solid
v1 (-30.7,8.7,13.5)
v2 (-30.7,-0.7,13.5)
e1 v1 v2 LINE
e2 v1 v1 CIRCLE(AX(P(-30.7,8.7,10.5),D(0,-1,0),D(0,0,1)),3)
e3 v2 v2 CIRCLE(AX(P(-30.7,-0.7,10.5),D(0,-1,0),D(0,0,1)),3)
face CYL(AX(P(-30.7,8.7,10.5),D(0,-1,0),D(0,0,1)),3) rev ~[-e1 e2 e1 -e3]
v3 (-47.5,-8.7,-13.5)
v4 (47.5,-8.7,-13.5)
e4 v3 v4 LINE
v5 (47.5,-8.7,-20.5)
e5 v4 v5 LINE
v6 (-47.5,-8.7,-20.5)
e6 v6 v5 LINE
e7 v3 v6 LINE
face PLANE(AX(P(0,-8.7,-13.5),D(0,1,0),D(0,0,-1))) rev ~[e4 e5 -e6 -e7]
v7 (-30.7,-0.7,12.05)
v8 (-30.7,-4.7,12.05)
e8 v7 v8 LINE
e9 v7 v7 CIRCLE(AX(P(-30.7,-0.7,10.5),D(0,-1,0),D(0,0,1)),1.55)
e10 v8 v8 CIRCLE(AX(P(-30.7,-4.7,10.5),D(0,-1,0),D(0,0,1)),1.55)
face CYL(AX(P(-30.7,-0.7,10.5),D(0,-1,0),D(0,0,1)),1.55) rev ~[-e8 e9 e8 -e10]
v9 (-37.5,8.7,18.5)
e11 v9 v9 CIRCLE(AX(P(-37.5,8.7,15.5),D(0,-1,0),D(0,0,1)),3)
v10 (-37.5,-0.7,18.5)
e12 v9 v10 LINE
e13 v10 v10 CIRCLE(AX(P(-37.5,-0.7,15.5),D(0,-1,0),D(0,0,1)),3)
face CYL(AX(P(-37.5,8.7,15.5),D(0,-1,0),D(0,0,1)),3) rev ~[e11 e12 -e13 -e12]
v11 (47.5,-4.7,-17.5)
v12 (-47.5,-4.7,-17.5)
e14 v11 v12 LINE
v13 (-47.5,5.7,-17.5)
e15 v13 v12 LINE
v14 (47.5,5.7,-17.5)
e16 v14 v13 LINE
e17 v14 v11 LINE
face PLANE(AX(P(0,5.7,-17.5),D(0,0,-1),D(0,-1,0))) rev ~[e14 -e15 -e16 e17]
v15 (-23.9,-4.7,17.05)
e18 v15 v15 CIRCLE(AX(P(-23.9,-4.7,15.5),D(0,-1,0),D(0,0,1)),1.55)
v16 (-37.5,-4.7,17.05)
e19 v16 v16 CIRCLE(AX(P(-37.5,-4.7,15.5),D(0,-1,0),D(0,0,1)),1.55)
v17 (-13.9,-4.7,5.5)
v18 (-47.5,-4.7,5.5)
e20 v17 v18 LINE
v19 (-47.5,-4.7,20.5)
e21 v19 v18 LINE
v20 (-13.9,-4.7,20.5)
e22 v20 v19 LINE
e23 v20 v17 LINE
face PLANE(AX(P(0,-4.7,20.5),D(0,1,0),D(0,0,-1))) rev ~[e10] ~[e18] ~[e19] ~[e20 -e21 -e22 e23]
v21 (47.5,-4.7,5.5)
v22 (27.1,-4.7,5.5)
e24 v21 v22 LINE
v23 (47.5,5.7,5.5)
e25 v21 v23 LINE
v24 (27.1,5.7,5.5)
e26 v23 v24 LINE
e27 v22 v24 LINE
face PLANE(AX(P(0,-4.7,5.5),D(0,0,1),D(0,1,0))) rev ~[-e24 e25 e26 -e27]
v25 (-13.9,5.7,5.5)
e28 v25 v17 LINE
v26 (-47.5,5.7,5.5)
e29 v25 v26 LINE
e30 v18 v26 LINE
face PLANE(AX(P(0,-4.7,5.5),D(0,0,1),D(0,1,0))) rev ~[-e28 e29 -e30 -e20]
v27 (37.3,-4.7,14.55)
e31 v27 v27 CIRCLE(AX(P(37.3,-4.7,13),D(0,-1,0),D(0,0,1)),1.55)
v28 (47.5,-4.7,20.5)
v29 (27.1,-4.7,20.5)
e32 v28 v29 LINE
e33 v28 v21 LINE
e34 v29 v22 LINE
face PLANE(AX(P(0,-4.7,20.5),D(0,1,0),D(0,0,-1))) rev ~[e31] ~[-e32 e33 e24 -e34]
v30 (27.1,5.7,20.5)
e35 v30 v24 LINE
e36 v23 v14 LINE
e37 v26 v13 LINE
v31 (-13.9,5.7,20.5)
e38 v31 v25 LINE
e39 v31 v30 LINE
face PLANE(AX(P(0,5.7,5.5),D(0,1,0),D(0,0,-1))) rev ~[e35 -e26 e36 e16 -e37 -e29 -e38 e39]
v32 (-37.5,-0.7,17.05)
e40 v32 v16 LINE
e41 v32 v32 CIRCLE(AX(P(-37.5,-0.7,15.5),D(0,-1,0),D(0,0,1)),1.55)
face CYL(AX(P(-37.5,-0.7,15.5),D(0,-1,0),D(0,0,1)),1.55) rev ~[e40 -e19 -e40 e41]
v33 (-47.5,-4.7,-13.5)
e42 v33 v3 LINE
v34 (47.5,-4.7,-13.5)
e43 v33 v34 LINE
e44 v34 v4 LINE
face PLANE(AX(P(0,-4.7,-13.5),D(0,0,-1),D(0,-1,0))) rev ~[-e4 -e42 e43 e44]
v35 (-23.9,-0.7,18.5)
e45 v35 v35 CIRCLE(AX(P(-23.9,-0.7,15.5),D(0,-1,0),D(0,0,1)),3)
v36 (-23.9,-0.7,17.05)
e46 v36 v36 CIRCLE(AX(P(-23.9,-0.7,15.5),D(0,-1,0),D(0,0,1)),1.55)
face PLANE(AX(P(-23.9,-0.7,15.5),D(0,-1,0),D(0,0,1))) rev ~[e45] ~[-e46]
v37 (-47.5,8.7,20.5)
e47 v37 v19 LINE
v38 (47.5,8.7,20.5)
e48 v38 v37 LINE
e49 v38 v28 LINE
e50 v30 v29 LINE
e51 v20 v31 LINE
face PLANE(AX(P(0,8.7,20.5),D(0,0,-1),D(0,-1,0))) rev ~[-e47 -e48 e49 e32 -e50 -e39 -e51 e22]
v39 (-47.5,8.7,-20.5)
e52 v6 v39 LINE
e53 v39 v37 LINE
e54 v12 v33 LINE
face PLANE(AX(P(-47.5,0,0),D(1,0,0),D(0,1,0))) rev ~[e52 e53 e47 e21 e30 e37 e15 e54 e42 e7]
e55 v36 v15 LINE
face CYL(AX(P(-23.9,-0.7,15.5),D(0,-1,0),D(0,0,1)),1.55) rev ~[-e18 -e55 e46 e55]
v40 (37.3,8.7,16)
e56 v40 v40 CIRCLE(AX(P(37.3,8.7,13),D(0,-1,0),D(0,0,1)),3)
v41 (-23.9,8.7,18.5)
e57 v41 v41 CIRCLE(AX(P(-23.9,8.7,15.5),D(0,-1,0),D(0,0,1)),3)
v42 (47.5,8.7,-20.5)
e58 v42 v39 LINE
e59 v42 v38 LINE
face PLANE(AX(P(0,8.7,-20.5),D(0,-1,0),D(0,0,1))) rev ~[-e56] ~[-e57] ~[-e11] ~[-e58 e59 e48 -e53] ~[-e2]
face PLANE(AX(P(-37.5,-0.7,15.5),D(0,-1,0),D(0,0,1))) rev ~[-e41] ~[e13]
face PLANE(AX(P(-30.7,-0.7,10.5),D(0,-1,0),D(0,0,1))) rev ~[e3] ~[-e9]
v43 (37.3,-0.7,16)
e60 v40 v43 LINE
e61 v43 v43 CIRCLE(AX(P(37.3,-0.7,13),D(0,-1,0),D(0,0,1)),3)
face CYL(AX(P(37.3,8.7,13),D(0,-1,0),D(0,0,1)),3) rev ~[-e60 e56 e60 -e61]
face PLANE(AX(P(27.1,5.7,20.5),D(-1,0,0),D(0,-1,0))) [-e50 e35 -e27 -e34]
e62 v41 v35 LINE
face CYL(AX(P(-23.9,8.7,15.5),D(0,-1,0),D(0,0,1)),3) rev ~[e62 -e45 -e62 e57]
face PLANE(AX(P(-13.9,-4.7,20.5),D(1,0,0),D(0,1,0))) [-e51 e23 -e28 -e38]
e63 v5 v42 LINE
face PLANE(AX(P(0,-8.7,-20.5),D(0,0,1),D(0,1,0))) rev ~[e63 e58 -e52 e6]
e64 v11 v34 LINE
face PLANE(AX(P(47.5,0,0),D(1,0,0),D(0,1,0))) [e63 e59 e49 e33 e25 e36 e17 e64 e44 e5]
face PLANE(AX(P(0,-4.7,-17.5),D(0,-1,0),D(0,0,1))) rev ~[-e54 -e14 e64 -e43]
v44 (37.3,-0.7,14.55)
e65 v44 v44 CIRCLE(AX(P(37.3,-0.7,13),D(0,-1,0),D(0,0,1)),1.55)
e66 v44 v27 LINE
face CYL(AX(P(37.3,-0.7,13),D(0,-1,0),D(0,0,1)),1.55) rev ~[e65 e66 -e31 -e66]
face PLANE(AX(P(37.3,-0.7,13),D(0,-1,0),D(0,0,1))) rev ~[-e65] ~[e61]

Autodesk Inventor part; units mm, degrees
ref_plane "YZ Plane" through (0, 0, 0) normal (1, 0, 0) x (0, 1, 0)
ref_plane "XZ Plane" through (0, 0, 0) normal (0, 1, 0) x (-1, 0, 0)
ref_plane "XY Plane" through (0, 0, 0) normal (0, 0, 1) x (1, 0, 0)
sketch "Sketch1" plane through (0, 0, 0) normal (1, 0, 0) x (0, 1, 0)
  line L0 (-4.7, -13.5) -> (-8.7, -13.5)
  line L1 (-8.7, -13.5) -> (-8.7, -20.5)
  line L2 (-8.7, -20.5) -> (8.7, -20.5)
  line L3 (8.7, -20.5) -> (8.7, 20.5)
  line L4 (8.7, 20.5) -> (-4.7, 20.5)
  line L5 (-4.7, 20.5) -> (-4.7, 5.5)
  line L6 (-4.7, 5.5) -> (5.7, 5.5)
  line L7 (5.7, 5.5) -> (5.7, -17.5)
  line L8 (5.7, -17.5) -> (-4.7, -17.5)
  line L9 (-4.7, -17.5) -> (-4.7, -13.5)
  line L10 (8.7, 20.5) -> (-8.7, -20.5) construction
  point P0 (0, 0)
  point P1 (0, 0)
  dimension "d0" = 4
  dimension "d1" = 4
  dimension "d2" = 10.4
  dimension "d3" = 3
  dimension "d4" = 3
  dimension "d5" = 23
  dimension "d6" = 10.4
  dimension "d7" = 15
extrude "Outline" add sketch "Sketch1" along normal mid plane 95
sketch "Sketch3" plane through (-47.5, -4.7, 20.5) normal (0, 0, 1) x (1, 0, 0)
  line L0 (0, 0) -> (95, 0) projected
  line L1 (74.6, 0) -> (33.6, 0)
  line L2 (33.6, 0) -> (33.6, 10.4)
  line L3 (33.6, 10.4) -> (74.6, 10.4)
  line L4 (74.6, 10.4) -> (74.6, 0)
  line L5 (95, 13.4) -> (95, 0) projected
  line L6 (0, 0) -> (0, 13.4) projected
  line L7 (0, 10.4) -> (95, 10.4) projected
  line L8 (95, 0) -> (95, 10.4) projected
  line L9 (0, 0) -> (95, 0) projected
  line L10 (0, 10.4) -> (0, 0) projected
  point P0 (47.5, 4.7)
  point P1 (33.6, 0)
  dimension "d22" = 33.6
  dimension "d26" = 20.4
extrude "DriverCutout" cut sketch "Sketch3" against normal up to next contours L2 L3 L4 L0
sketch "Sketch2" plane through (-47.5, 8.7, 20.5) normal (0, 1, 0) x (1, 0, 0)
  line L0 (0, 15) -> (33.6, 15) projected
  line L1 (95, 0) -> (95, 15) projected
  line L2 (0, 0) -> (33.6, 0) projected
  line L3 (0, 15) -> (0, 0) projected
  line L4 (74.6, 0) -> (74.6, 15) projected
  line L5 (74.6, 15) -> (95, 15) projected
  line L6 (74.6, 0) -> (95, 0) projected
  line L7 (33.6, 15) -> (33.6, 0) projected
  line L8 (10, 5) -> (16.8, 10) construction
  line L9 (16.8, 10) -> (23.6, 5) construction
  line L10 (74.6, 0) -> (74.6, 15) construction
  line L11 (23.6, 5) -> (33.6, 5) construction
  line L12 (33.6, 0) -> (33.6, 15) construction
  line L13 (10, 5) -> (0, 5) construction
  line L14 (74.6, 15) -> (95, 0) construction
  point P0 (47.5, 20.5)
  point P1 (84.8, 7.5)
  dimension "d27" = 5
  dimension "d28" = 5
  dimension "d29" = 10
hole "ScrewHoles" at (-37.5, 8.7, 15.5) at (-30.7, 8.7, 10.5) at (-23.9, 8.7, 15.5) at (37.3, 8.7, 13) direction (0, -1, 0) diameter 3.1 depth 13.4 counterbore diameter 6 counterbore depth 9.4
properties part number "Receptacle_V2_3DPrint"
